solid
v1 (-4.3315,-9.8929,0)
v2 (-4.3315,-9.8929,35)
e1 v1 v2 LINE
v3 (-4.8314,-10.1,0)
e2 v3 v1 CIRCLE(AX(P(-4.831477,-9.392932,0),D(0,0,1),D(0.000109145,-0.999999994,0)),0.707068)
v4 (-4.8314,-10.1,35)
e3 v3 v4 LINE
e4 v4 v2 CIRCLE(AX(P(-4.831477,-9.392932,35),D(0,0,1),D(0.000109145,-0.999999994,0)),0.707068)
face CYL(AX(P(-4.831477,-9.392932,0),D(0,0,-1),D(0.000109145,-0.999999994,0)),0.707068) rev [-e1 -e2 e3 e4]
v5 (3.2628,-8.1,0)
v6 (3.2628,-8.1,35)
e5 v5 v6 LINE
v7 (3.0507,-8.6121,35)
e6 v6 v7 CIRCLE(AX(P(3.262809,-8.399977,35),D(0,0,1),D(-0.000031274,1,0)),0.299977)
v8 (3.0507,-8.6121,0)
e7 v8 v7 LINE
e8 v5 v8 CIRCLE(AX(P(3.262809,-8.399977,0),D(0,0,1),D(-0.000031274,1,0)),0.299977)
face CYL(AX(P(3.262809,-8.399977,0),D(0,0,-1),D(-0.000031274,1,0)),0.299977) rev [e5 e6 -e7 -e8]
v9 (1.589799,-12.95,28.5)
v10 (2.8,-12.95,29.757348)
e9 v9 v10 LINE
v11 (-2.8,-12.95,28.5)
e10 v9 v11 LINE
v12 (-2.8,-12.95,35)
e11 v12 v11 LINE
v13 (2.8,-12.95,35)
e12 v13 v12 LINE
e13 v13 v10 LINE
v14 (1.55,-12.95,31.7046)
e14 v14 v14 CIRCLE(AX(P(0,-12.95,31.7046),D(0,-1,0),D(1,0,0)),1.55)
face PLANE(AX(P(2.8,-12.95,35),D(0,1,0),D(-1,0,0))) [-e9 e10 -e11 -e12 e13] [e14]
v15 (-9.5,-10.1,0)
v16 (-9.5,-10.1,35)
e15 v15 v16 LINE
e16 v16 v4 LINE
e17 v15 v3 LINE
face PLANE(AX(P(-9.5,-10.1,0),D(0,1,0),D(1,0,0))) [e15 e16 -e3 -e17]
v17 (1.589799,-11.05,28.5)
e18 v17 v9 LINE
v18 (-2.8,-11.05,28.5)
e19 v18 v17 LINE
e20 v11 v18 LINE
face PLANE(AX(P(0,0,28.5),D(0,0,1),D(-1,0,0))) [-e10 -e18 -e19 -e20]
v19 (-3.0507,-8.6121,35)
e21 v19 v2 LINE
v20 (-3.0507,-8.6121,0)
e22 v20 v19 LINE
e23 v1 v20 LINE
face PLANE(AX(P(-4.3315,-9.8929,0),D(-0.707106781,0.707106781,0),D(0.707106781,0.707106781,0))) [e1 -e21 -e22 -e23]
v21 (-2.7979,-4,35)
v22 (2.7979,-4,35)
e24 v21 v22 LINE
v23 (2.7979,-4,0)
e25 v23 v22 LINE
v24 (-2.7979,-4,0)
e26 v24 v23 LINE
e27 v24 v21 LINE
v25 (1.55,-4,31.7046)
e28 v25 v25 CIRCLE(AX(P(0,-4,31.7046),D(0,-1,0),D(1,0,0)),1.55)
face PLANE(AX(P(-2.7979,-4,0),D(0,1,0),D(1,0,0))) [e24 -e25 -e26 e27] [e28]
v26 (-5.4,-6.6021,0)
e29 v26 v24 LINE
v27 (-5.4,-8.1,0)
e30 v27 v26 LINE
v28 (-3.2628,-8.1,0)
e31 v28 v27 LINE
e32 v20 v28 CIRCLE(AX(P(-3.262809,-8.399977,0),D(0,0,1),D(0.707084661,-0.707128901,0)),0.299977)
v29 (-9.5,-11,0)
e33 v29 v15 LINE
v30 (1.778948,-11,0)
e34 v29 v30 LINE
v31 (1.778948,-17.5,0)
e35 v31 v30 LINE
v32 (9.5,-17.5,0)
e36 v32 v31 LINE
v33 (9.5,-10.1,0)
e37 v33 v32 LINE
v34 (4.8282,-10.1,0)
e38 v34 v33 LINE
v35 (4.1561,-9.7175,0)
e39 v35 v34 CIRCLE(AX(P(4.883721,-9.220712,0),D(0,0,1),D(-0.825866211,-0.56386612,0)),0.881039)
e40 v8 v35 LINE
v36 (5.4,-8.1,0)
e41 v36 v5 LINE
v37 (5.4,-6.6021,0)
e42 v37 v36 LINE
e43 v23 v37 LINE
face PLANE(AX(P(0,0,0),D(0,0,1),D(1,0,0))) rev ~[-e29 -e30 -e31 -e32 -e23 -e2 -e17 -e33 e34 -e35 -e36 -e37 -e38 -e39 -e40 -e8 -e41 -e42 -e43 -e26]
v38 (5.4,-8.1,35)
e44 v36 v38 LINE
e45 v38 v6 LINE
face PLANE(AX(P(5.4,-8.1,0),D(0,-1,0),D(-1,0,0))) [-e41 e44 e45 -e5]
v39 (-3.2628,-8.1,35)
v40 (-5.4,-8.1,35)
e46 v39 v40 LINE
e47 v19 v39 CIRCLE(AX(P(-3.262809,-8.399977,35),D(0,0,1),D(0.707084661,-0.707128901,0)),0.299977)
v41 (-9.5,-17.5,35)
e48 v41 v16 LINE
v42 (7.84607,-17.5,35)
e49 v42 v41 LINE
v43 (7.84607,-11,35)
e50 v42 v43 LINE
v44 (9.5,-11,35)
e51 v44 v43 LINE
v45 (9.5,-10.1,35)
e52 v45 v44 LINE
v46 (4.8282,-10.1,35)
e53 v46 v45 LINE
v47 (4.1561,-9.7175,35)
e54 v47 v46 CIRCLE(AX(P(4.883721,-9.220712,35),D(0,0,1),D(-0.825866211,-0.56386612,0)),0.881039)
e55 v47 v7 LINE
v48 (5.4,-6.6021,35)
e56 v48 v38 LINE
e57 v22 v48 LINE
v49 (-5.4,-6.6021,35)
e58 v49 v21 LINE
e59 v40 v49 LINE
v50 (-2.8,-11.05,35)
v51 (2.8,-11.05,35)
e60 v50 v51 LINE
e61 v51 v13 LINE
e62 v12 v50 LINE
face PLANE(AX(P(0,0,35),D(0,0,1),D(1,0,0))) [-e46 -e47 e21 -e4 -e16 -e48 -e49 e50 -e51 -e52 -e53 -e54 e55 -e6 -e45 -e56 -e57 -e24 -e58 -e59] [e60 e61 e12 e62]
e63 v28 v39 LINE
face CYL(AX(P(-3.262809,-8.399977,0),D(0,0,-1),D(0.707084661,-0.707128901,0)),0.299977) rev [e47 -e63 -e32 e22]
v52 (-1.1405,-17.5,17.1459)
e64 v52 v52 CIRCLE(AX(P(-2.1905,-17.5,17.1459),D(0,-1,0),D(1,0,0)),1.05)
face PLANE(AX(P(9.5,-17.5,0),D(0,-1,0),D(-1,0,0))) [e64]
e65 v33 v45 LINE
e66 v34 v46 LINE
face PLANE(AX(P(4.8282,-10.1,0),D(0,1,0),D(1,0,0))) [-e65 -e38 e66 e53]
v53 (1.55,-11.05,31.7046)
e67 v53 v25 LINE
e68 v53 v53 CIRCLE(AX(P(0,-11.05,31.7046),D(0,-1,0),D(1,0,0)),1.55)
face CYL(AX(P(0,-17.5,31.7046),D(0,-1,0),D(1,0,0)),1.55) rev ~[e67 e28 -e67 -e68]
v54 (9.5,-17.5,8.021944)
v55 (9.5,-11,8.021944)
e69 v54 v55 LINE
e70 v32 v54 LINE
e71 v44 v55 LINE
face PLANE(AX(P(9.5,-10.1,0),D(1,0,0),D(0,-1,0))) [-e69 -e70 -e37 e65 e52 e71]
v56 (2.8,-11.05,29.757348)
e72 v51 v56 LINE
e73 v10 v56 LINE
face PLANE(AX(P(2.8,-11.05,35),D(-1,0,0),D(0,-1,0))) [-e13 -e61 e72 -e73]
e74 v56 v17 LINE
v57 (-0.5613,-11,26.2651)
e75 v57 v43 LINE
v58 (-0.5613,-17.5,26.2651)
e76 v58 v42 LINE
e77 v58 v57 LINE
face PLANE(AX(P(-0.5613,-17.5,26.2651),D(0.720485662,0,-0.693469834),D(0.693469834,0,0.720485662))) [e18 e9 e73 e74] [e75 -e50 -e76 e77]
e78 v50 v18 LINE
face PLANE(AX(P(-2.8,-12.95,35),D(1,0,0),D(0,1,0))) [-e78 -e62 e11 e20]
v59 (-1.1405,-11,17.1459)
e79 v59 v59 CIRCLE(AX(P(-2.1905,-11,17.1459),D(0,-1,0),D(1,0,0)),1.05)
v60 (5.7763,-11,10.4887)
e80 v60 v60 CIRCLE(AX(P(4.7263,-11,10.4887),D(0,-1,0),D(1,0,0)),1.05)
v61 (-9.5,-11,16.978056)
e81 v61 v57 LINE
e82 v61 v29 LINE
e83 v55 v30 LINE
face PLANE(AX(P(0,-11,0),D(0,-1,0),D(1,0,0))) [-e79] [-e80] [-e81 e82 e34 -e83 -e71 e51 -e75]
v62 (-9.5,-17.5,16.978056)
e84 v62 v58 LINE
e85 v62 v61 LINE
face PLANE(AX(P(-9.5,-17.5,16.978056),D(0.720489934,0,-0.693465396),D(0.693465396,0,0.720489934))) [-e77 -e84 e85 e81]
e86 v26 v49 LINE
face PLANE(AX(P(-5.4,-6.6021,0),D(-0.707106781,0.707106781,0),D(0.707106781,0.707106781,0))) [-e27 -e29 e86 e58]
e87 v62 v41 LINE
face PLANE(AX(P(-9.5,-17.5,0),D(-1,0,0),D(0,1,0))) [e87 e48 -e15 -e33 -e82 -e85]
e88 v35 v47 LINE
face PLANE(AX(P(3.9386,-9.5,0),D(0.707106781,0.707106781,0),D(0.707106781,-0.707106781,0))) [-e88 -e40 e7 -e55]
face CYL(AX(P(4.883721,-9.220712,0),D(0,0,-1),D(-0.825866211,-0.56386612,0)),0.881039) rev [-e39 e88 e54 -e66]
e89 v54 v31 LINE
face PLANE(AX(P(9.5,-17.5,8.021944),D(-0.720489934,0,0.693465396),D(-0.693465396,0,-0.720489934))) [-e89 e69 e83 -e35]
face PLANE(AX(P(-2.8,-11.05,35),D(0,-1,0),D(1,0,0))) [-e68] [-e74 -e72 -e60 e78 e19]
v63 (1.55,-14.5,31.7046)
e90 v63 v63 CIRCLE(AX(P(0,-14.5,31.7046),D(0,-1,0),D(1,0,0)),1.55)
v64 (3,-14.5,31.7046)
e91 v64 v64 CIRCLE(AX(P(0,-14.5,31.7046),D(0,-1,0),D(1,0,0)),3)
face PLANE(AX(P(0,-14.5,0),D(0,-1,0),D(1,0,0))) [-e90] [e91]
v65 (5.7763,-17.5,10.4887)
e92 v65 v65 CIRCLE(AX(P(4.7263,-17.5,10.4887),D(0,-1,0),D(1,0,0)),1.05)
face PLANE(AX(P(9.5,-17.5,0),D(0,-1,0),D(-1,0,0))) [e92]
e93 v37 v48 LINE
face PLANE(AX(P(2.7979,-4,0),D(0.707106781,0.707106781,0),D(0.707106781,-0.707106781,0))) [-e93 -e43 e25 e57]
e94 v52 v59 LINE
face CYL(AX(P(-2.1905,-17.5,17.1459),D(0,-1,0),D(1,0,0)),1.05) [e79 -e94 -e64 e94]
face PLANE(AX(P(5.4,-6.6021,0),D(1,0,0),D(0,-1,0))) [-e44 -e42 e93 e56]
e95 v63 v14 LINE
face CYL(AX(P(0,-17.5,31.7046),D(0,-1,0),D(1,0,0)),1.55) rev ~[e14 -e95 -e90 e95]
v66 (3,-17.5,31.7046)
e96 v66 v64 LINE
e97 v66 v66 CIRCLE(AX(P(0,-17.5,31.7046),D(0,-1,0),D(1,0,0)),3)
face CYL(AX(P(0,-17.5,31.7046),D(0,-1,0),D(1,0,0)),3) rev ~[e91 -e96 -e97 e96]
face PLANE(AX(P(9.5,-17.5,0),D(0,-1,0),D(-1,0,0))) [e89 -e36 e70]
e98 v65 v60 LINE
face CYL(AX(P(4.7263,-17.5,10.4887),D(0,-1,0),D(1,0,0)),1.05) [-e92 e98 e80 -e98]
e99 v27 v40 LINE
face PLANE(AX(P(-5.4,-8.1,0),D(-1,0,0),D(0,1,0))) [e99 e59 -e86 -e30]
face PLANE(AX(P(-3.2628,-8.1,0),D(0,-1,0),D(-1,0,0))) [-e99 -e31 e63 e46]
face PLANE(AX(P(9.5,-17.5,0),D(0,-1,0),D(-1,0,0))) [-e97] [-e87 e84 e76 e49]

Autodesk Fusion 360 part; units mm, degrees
sketch "Sketch1" plane through (0, 0, 0) normal (0, 0, 1) x (1, 0, 0)
  line L0 (10, 4.8314) -> (10, 9.5)
  line L1 (-4.4022, -9.8222) -> (-3.1214, -8.5414)
  arc A0 (3.2628, -8.2) -> (3.1214, -8.5414) centre (3.2628, -8.4) ccw
  line L2 (-5.5, 6.5607) -> (-5.5, 8.2)
  line L3 (-5.5, -6.5607) -> (-2.8393, -3.9)
  line L4 (-4.8314, 10) -> (-9.5, 10)
  line L5 (2.8393, 3.9) -> (-2.8393, 3.9)
  arc A1 (-10, -9.5) -> (-9.5, -10) centre (-9.5, -9.5) ccw
  line L6 (9.5, 10) -> (4.8314, 10)
  arc A2 (-3.2628, 8.2) -> (-3.1214, 8.5414) centre (-3.2628, 8.4) ccw
  line L7 (-8.2, 3.2628) -> (-8.2, 5.5)
  line L8 (2.8393, -3.9) -> (5.5, -6.5607)
  line L9 (-10, 9.5) -> (-10, 4.9)
  arc A3 (9.5, -10) -> (10, -9.5) centre (9.5, -9.5) ccw
  line L10 (-6.5607, -5.5) -> (-8.2, -5.5)
  line L11 (3.1214, -8.5414) -> (4.2336, -9.6536)
  line L12 (-8.2, -5.5) -> (-8.2, -3.2628)
  line L13 (-9.9987, -4.7917) -> (-10, -9.5)
  line L14 (10, -9.5) -> (10, -4.8314)
  line L15 (3.2628, 8.2) -> (5.5, 8.2)
  arc A4 (8.5414, -3.1214) -> (8.2, -3.2628) centre (8.4, -3.2628) ccw
  arc A5 (-3.1214, -8.5414) -> (-3.2628, -8.2) centre (-3.2628, -8.4) ccw
  line L16 (4.8314, -10) -> (9.5, -10)
  line L17 (-3.9, -2.8393) -> (-6.5607, -5.5)
  line L18 (-3.2628, -8.2) -> (-5.5, -8.2)
  line L19 (3.9, 2.8393) -> (6.5607, 5.5)
  line L20 (-3.1214, 8.5414) -> (-4.4312, 9.8494)
  line L21 (8.2, -5.5) -> (6.5607, -5.5)
  arc A6 (-10, 4.9) -> (-9.8494, 4.4312) centre (-9.3734, 4.8428) ccw
  line L22 (8.5414, 3.1214) -> (9.8222, 4.4022)
  circle A7 centre (0, 0) radius 2.1
  line L23 (3.9, -2.8393) -> (3.9, 2.8393)
  line L24 (6.5607, -5.5) -> (3.9, -2.8393)
  line L25 (5.5, -6.5607) -> (5.5, -8.2)
  line L26 (8.2, -3.2628) -> (8.2, -5.5)
  arc A8 (10, -4.8314) -> (9.8222, -4.4022) centre (9.3929, -4.8314) ccw
  line L27 (-5.5, -8.2) -> (-5.5, -6.5607)
  arc A9 (-4.8314, -10) -> (-4.4022, -9.8222) centre (-4.8314, -9.3929) ccw
  line L28 (5.5, -8.2) -> (3.2628, -8.2)
  line L29 (9.8222, -4.4022) -> (8.5414, -3.1214)
  arc A10 (-9.8222, -4.4022) -> (-9.9987, -4.7917) centre (-9.3929, -4.8314) ccw
  line L30 (-8.5414, -3.1214) -> (-9.8222, -4.4022)
  arc A11 (4.2336, -9.6536) -> (4.8314, -10) centre (4.8837, -9.2207) ccw
  arc A12 (-8.2, -3.2628) -> (-8.5414, -3.1214) centre (-8.4, -3.2628) ccw
  line L31 (-9.5, -10) -> (-4.8314, -10)
  line L32 (-2.8393, -3.9) -> (2.8393, -3.9)
  line L33 (-5.8557, 10) -> (6.4454, 10) construction
  arc A13 (10, 9.5) -> (9.5, 10) centre (9.5, 9.5) ccw
  arc A14 (3.1214, 8.5414) -> (3.2628, 8.2) centre (3.2628, 8.4) ccw
  line L34 (-5.5, 8.2) -> (-3.2628, 8.2)
  line L35 (-3.9, 2.8393) -> (-3.9, -2.8393)
  line L36 (4.4022, 9.8222) -> (3.1214, 8.5414)
  arc A15 (4.8314, 10) -> (4.4022, 9.8222) centre (4.8314, 9.3929) ccw
  line L37 (-9.8494, 4.4312) -> (-8.5414, 3.1214)
  line L38 (5.5, 8.2) -> (5.5, 6.5607)
  line L39 (6.5607, 5.5) -> (8.2, 5.5)
  arc A16 (-8.5414, 3.1214) -> (-8.2, 3.2628) centre (-8.4, 3.2628) ccw
  line L40 (8.2, 5.5) -> (8.2, 3.2628)
  arc A17 (-4.4312, 9.8494) -> (-4.8314, 10) centre (-4.8314, 9.3929) ccw
  line L41 (-8.2, 5.5) -> (-6.5607, 5.5)
  arc A18 (9.8222, 4.4022) -> (10, 4.8314) centre (9.3929, 4.8314) ccw
  arc A19 (-9.5, 10) -> (-10, 9.5) centre (-9.5, 9.5) ccw
  line L42 (-2.8393, 3.9) -> (-5.5, 6.5607)
  line L43 (-6.5607, 5.5) -> (-3.9, 2.8393)
  arc A20 (8.2, 3.2628) -> (8.5414, 3.1214) centre (8.4, 3.2628) ccw
  line L44 (5.5, 6.5607) -> (2.8393, 3.9)
  line L45 (5.4, -6.6021) -> (5.4, -8.1)
  line L46 (5.4, -8.1) -> (3.2628, -8.1)
  arc A21 (3.2628, -8.1) -> (3.0507, -8.6121) centre (3.2628, -8.4) ccw
  line L47 (3.0507, -8.6121) -> (4.1561, -9.7175)
  arc A22 (4.1561, -9.7175) -> (4.8282, -10.1) centre (4.8837, -9.2207) ccw
  line L48 (4.8282, -10.1) -> (9.5, -10.1)
  arc A23 (9.5, -10.1) -> (10.1, -9.5) centre (9.5, -9.5) ccw
  line L49 (10.1, -9.5) -> (10.1, -4.8314)
  arc A24 (10.1, -4.8314) -> (9.8929, -4.3315) centre (9.3929, -4.8314) ccw
  line L50 (9.8929, -4.3315) -> (8.6121, -3.0507)
  arc A25 (8.6121, -3.0507) -> (8.1, -3.2628) centre (8.4, -3.2628) ccw
  line L51 (8.1, -3.2628) -> (8.1, -5.4)
  line L52 (8.1, -5.4) -> (6.6021, -5.4)
  line L53 (6.6021, -5.4) -> (4, -2.7979)
  line L54 (4, -2.7979) -> (4, 2.7979)
  line L55 (4, 2.7979) -> (6.6021, 5.4)
  line L56 (6.6021, 5.4) -> (8.1, 5.4)
  line L57 (8.1, 5.4) -> (8.1, 3.2628)
  arc A26 (8.1, 3.2628) -> (8.6121, 3.0507) centre (8.4, 3.2628) ccw
  line L58 (8.6121, 3.0507) -> (9.8929, 4.3315)
  arc A27 (9.8929, 4.3315) -> (10.1, 4.8314) centre (9.3929, 4.8314) ccw
  line L59 (10.1, 4.8314) -> (10.1, 9.5)
  arc A28 (10.1, 9.5) -> (9.5, 10.1) centre (9.5, 9.5) ccw
  line L60 (9.5, 10.1) -> (4.8314, 10.1)
  arc A29 (4.8314, 10.1) -> (4.3315, 9.8929) centre (4.8314, 9.3929) ccw
  line L61 (4.3315, 9.8929) -> (3.0507, 8.6121)
  arc A30 (3.0507, 8.6121) -> (3.2628, 8.1) centre (3.2628, 8.4) ccw
  line L62 (3.2628, 8.1) -> (5.4, 8.1)
  line L63 (5.4, 8.1) -> (5.4, 6.6021)
  line L64 (5.4, 6.6021) -> (2.7979, 4)
  line L65 (2.7979, 4) -> (-2.7979, 4)
  line L66 (-2.7979, 4) -> (-5.4, 6.6021)
  line L67 (-5.4, 6.6021) -> (-5.4, 8.1)
  line L68 (-5.4, 8.1) -> (-3.2628, 8.1)
  arc A31 (-3.2628, 8.1) -> (-3.0509, 8.6124) centre (-3.2628, 8.4) ccw
  line L69 (-3.0509, 8.6124) -> (-4.3627, 9.9223)
  arc A32 (-4.3627, 9.9223) -> (-4.8314, 10.1) centre (-4.8314, 9.3929) ccw
  line L70 (-4.8314, 10.1) -> (-9.5, 10.1)
  arc A33 (-9.5, 10.1) -> (-10.1, 9.5) centre (-9.5, 9.5) ccw
  line L71 (-10.1, 9.5) -> (-10.1, 4.9044)
  arc A34 (-10.1, 4.9044) -> (-9.9226, 4.363) centre (-9.3734, 4.8428) ccw
  line L72 (-9.9226, 4.363) -> (-8.6124, 3.0509)
  arc A35 (-8.6124, 3.0509) -> (-8.1, 3.2628) centre (-8.4, 3.2628) ccw
  line L73 (-8.1, 3.2628) -> (-8.1, 5.4)
  line L74 (-8.1, 5.4) -> (-6.6021, 5.4)
  line L75 (-6.6021, 5.4) -> (-4, 2.7979)
  line L76 (-4, 2.7979) -> (-4, -2.7979)
  line L77 (-4, -2.7979) -> (-6.6021, -5.4)
  line L78 (-6.6021, -5.4) -> (-8.1, -5.4)
  line L79 (-8.1, -5.4) -> (-8.1, -3.2628)
  arc A36 (-8.1, -3.2628) -> (-8.6121, -3.0507) centre (-8.4, -3.2628) ccw
  line L80 (-8.6121, -3.0507) -> (-9.8929, -4.3315)
  arc A37 (-9.8929, -4.3315) -> (-10.0987, -4.7886) centre (-9.3929, -4.8314) ccw
  line L81 (-10.0987, -4.7886) -> (-10.1, -9.4997)
  arc A38 (-10.1, -9.4997) -> (-9.5, -10.1) centre (-9.5, -9.5) ccw
  line L82 (-9.5, -10.1) -> (-4.8314, -10.1)
  arc A39 (-4.8314, -10.1) -> (-4.3315, -9.8929) centre (-4.8314, -9.3929) ccw
  line L83 (-4.3315, -9.8929) -> (-3.0507, -8.6121)
  arc A40 (-3.0507, -8.6121) -> (-3.2628, -8.1) centre (-3.2628, -8.4) ccw
  line L84 (-3.2628, -8.1) -> (-5.4, -8.1)
  line L85 (-5.4, -8.1) -> (-5.4, -6.6021)
  line L86 (-5.4, -6.6021) -> (-2.7979, -4)
  line L87 (-2.7979, -4) -> (2.7979, -4)
  line L88 (2.7979, -4) -> (5.4, -6.6021)
  line L89 (-9.5, -9.5) -> (9.5, -9.5)
  line L90 (9.5, -9.5) -> (9.5, -17.5)
  line L91 (9.5, -17.5) -> (-9.5, -17.5)
  line L92 (-9.5, -17.5) -> (-9.5, -9.5)
  dimension "d1" = 0.1
  dimension "d2" = 8
extrude "Extrude1" add sketch "Sketch1" along normal blind 35 contours L47 A22 L48 L82 A39 L83 L89 L90 L91 L92 | L45 L46 A21 L47 L83 A40 L84 L85 L86 L87 L88 L89
sketch "Sketch2" plane through (0, -17.5, 0) normal (0, -1, 0) x (1, 0, 0)
  line L0 (-9.5, 0) -> (9.5, 0)
  line L1 (9.5, 0) -> (9.5, 35)
  line L2 (9.5, 35) -> (-9.5, 35)
  line L3 (-9.5, 35) -> (-9.5, 0)
  line L4 (-9.5114, 14.292) -> (9.5, 17.5) construction
  line L5 (13.7765, 12.4651) -> (0.5613, -1.2651)
  line L6 (0.5613, -1.2651) -> (-13.7765, 12.5349)
  line L7 (-13.7765, 12.5349) -> (-0.5613, 26.2651)
  line L8 (-0.5613, 26.2651) -> (13.7765, 12.4651)
  line L9 (13.7765, 12.4651) -> (-13.7765, 12.5349) construction
  line L10 (0.5613, -1.2651) -> (-0.5613, 26.2651) construction
  line L11 (-0.5613, 26.2651) -> (-5.901, 20.7173) construction
  line L12 (-5.901, 20.7173) -> (8.4368, 6.9173) construction
  line L13 (-5.901, 20.7173) -> (-2.1905, 17.1459) construction
  line L14 (-2.1905, 17.1459) -> (4.7263, 10.4887) construction
  line L15 (4.7263, 10.4887) -> (8.4368, 6.9173) construction
  circle A0 centre (-2.1905, 17.1459) radius 1.05
  circle A1 centre (4.7263, 10.4887) radius 1.05
  line L16 (-0.5613, 26.2651) -> (8.1636, 35.3299)
  point P0 (0, 12.5)
  dimension "d5" = 19.9
  dimension "d6" = 7.7
  dimension "d7" = 5.15
  dimension "d8" = 9.6
  dimension "d9" = 5.15
  dimension "d10" = 2.1
  dimension "d11" = 2.1
extrude "Extrude2" cut sketch "Sketch2" against normal blind 6.5 contours L0 L3 L6 | L0 L1 L3 L5 L6 L7 L8 | L1 L2 L8 L16
sketch "Sketch3" plane through (0, -17.5, 0) normal (0, -1, 0) x (1, 0, 0)
  line L0 (-9.5, 16.978) -> (7.846, 35)
  line L1 (7.846, 35) -> (-9.5, 35)
  line L2 (-9.5, 35) -> (-9.5, 16.978)
  circle A0 centre (0, 31.7046) radius 1.55
  circle A1 centre (0, 31.7046) radius 3
  line L3 (-9.5, 35) -> (0, 35) construction
  line L4 (0, 35) -> (0, 26.8482) construction
  line L5 (0, 30.9241) -> (-9.5, 30.9241) construction
  dimension "d14" = 3.1
  dimension "d15" = 6
  dimension "d16" = 9.5
extrude "Extrude3" cut sketch "Sketch3" against normal blind 20 contours A0
extrude "Extrude4" cut sketch "Sketch3" against normal blind 3 contours A1
sketch "Sketch4" plane through (0, 0, 35) normal (0, 0, 1) x (-1, 0, 0)
  line L0 (-7.846, 17.5) -> (-7.846, 11)
  line L1 (-7.846, 11) -> (-9.5, 11)
  line L2 (-9.5, 11) -> (-9.5, 10.1)
  line L3 (-9.5, 10.1) -> (-4.8282, 10.1)
  arc A0 (-4.1561, 9.7175) -> (-4.8282, 10.1) centre (-4.8837, 9.2207) ccw
  line L4 (-4.1561, 9.7175) -> (-3.0507, 8.6121)
  arc A1 (-3.2628, 8.1) -> (-3.0507, 8.6121) centre (-3.2628, 8.4) ccw
  line L5 (-3.2628, 8.1) -> (-5.4, 8.1)
  line L6 (-5.4, 8.1) -> (-5.4, 6.6021)
  line L7 (-5.4, 6.6021) -> (-2.7979, 4)
  line L8 (-2.7979, 4) -> (2.7979, 4)
  line L9 (2.7979, 4) -> (5.4, 6.6021)
  line L10 (5.4, 6.6021) -> (5.4, 8.1)
  line L11 (5.4, 8.1) -> (3.2628, 8.1)
  arc A2 (3.0507, 8.6121) -> (3.2628, 8.1) centre (3.2628, 8.4) ccw
  line L12 (3.0507, 8.6121) -> (4.3315, 9.8929)
  arc A3 (4.8314, 10.1) -> (4.3315, 9.8929) centre (4.8314, 9.3929) ccw
  line L13 (4.8314, 10.1) -> (9.5, 10.1)
  line L14 (9.5, 10.1) -> (9.5, 17.5)
  line L15 (9.5, 17.5) -> (-7.846, 17.5)
  line L16 (2.8, 11.05) -> (-2.8, 11.05)
  line L17 (-2.8, 11.05) -> (-2.8, 12.95)
  line L18 (-2.8, 12.95) -> (2.8, 12.95)
  line L19 (2.8, 12.95) -> (2.8, 11.05)
  line L20 (2.8, 11.05) -> (-2.8, 12.95) construction
  line L21 (-2.8, 11.05) -> (2.8, 12.95) construction
  line L22 (9.5, 10.5577) -> (-9.5, 10.55) construction
  line L23 (0, 12) -> (0, 17.5) construction
  point P0 (0, 12)
  dimension "d21" = 5.6
  dimension "d22" = 1.9
  dimension "d25" = 5.5
extrude "Extrude5" cut sketch "Sketch4" against normal blind 6.5 contours L16 L17 L18 L19
